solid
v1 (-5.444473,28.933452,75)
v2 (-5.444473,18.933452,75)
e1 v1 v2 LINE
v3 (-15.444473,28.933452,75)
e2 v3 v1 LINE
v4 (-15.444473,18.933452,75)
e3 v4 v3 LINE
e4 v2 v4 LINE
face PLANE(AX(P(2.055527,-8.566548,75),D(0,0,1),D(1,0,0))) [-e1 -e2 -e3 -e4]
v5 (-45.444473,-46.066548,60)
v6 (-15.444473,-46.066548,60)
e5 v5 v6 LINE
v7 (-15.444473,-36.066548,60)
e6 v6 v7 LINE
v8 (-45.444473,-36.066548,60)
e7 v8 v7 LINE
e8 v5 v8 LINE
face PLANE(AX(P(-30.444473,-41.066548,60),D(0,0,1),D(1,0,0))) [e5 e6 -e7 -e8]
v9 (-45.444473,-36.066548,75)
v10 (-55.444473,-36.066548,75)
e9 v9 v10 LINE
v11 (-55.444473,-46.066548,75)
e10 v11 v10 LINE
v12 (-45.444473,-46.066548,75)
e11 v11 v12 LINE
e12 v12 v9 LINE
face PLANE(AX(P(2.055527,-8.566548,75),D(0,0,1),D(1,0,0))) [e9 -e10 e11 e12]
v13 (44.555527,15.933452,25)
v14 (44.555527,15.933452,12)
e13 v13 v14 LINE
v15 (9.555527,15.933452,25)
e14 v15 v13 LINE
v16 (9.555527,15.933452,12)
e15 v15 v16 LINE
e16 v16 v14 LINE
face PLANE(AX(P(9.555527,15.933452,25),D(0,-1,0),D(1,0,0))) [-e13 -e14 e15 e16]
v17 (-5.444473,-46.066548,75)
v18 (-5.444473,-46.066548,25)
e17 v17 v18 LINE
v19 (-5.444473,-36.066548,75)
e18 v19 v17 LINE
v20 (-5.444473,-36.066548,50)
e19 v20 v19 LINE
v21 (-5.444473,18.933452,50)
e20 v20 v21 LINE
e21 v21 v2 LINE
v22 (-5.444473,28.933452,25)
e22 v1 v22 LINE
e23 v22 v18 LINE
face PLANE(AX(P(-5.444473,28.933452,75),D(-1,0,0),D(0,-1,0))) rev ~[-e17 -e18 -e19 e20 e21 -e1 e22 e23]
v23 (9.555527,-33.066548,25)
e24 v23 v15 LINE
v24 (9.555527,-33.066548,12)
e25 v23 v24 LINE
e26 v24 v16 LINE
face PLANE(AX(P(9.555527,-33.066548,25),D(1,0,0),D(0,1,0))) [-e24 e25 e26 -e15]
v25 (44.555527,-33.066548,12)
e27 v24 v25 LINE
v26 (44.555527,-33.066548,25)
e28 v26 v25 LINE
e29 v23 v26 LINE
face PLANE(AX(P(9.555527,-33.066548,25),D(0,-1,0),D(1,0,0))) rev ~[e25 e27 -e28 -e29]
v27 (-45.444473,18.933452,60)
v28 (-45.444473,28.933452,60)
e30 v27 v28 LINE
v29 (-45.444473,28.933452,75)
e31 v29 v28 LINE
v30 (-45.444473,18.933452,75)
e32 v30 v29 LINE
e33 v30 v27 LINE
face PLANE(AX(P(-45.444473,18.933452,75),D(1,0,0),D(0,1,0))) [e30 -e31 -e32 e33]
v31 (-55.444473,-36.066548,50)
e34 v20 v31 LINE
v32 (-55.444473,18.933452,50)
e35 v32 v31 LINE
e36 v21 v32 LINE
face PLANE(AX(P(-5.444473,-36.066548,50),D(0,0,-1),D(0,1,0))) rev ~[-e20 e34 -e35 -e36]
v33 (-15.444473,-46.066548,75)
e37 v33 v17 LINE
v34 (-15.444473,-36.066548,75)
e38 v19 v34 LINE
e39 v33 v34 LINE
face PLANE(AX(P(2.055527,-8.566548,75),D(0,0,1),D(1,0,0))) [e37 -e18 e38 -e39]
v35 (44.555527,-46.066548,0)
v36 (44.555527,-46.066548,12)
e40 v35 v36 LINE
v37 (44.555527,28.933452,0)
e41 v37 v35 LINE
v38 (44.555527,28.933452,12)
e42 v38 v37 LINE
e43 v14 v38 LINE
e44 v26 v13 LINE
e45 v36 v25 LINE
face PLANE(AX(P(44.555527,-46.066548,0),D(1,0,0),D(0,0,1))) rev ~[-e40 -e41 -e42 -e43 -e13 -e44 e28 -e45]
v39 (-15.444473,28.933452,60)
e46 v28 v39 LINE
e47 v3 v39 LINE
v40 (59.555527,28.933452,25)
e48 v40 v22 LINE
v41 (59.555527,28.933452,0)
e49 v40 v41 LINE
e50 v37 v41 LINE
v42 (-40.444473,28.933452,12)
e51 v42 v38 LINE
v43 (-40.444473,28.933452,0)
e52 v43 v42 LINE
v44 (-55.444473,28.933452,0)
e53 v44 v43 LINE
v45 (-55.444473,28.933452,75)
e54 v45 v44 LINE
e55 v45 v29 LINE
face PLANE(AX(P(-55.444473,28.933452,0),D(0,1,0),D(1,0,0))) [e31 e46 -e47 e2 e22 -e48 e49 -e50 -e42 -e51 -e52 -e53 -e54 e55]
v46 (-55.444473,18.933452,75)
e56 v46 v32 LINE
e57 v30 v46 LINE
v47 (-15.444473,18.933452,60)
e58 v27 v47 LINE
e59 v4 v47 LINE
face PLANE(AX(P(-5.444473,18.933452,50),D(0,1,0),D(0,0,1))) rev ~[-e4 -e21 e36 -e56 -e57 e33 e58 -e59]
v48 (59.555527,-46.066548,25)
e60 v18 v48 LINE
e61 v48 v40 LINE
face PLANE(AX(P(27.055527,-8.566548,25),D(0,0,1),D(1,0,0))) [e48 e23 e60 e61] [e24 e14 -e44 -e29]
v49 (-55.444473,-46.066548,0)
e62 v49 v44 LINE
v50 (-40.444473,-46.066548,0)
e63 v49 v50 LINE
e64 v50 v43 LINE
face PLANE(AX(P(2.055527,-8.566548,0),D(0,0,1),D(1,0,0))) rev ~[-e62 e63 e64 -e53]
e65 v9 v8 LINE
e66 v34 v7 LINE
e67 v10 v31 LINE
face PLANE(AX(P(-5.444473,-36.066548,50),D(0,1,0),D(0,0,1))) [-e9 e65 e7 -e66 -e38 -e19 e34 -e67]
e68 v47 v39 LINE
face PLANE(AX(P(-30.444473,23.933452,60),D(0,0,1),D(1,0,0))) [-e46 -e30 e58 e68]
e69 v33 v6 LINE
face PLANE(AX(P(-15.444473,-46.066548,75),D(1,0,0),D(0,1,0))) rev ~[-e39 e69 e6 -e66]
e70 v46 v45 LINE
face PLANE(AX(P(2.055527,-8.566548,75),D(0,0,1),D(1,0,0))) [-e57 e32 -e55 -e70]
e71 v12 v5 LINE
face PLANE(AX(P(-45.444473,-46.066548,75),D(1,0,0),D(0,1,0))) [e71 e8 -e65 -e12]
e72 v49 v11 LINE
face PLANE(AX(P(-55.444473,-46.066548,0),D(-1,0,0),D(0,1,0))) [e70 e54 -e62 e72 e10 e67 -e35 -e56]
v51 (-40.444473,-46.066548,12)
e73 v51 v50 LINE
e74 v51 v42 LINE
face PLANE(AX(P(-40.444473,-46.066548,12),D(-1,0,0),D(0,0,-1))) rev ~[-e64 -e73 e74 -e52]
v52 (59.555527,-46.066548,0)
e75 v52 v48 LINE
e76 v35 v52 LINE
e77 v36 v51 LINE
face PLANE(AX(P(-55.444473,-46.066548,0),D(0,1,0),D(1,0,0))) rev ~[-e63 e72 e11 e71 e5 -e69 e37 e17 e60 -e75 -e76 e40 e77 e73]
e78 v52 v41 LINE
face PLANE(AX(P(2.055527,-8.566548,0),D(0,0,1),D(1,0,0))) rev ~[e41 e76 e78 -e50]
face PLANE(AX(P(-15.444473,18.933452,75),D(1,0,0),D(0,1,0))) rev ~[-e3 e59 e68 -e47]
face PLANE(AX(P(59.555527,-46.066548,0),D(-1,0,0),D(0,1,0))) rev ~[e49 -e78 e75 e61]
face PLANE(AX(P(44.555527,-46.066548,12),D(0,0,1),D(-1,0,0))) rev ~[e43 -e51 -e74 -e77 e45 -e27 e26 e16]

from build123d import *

# Parameters (mm, degrees)
F0_W      = 115
F0_H      = 75
F1_DEPTH  = 25
F2_DEPTH  = 75
F4_DEPTH  = 75.001
F6_DEPTH  = 50
F7_W      = 55
F7_H      = 25
F8_DEPTH  = 50.001
F9_W      = 35
F9_H      = 49
F10_DEPTH = 25.001
F11_W     = 30
F11_H     = 10
F12_DEPTH = 15
F13_W     = 30
F13_H     = 10
F14_DEPTH = 15


with BuildPart() as f1:
    # F0 (on Top) → F1 (new body)
    with BuildSketch(Plane.XY):
        with Locations((2.0555268228, -8.5665475577)):
            Rectangle(F0_W, F0_H)
    extrude(amount=F1_DEPTH)

    # F0 (on Top) → F2 (join)
    with BuildSketch(Plane.XY):
        with Locations((2.0555268228, -8.5665475577)):
            Rectangle(F0_W, F0_H)
    extrude(amount=F2_DEPTH)

    # F3 (on face) → F4 (cut, through all)
    with BuildSketch(Plane.XZ.offset(46.0665475577)):
        Polygon((-40.4444731772, 12), (-40.4444731772, 0), (-1.3980267197, 0), (44.5555268228, 0), (44.5555268228, 12), align=None)
    extrude(amount=-F4_DEPTH, mode=Mode.SUBTRACT)

    # F5 (on face) → F6 (cut)
    with BuildSketch(Plane.XY.offset(75)):
        Polygon((59.5555268228, 28.9334524423), (-5.4444731772, 28.9334524423), (-5.4444731772, 18.9334524423), (-5.4444731772, -36.0665475577), (-5.4444731772, -46.0665475577), (59.5555268228, -46.0665475577), align=None)
    extrude(amount=-F6_DEPTH, mode=Mode.SUBTRACT)

    # F7 (on face) → F8 (cut, through all)
    with BuildSketch(Plane.YZ.offset(-5.4444731772)):
        with Locations((-8.5665475577, 62.5)):
            Rectangle(F7_W, F7_H)
    extrude(amount=-F8_DEPTH, mode=Mode.SUBTRACT)

    # F9 (on face) → F10 (cut, through all)
    with BuildSketch(Plane.XY.offset(25)):
        with Locations((27.0555268228, -8.5665475577)):
            Rectangle(F9_W, F9_H)
    extrude(amount=-F10_DEPTH, mode=Mode.SUBTRACT)

    # F11 (on face) → F12 (cut)
    with BuildSketch(Plane.XY.offset(75)):
        with Locations((-30.4444731772, 23.9334524423)):
            Rectangle(F11_W, F11_H)
    extrude(amount=-F12_DEPTH, mode=Mode.SUBTRACT)

    # F13 (on face) → F14 (cut)
    with BuildSketch(Plane.XY.offset(75)):
        with Locations((-30.4444731772, -41.0665475577)):
            Rectangle(F13_W, F13_H)
    extrude(amount=-F14_DEPTH, mode=Mode.SUBTRACT)


solid = f1.part
